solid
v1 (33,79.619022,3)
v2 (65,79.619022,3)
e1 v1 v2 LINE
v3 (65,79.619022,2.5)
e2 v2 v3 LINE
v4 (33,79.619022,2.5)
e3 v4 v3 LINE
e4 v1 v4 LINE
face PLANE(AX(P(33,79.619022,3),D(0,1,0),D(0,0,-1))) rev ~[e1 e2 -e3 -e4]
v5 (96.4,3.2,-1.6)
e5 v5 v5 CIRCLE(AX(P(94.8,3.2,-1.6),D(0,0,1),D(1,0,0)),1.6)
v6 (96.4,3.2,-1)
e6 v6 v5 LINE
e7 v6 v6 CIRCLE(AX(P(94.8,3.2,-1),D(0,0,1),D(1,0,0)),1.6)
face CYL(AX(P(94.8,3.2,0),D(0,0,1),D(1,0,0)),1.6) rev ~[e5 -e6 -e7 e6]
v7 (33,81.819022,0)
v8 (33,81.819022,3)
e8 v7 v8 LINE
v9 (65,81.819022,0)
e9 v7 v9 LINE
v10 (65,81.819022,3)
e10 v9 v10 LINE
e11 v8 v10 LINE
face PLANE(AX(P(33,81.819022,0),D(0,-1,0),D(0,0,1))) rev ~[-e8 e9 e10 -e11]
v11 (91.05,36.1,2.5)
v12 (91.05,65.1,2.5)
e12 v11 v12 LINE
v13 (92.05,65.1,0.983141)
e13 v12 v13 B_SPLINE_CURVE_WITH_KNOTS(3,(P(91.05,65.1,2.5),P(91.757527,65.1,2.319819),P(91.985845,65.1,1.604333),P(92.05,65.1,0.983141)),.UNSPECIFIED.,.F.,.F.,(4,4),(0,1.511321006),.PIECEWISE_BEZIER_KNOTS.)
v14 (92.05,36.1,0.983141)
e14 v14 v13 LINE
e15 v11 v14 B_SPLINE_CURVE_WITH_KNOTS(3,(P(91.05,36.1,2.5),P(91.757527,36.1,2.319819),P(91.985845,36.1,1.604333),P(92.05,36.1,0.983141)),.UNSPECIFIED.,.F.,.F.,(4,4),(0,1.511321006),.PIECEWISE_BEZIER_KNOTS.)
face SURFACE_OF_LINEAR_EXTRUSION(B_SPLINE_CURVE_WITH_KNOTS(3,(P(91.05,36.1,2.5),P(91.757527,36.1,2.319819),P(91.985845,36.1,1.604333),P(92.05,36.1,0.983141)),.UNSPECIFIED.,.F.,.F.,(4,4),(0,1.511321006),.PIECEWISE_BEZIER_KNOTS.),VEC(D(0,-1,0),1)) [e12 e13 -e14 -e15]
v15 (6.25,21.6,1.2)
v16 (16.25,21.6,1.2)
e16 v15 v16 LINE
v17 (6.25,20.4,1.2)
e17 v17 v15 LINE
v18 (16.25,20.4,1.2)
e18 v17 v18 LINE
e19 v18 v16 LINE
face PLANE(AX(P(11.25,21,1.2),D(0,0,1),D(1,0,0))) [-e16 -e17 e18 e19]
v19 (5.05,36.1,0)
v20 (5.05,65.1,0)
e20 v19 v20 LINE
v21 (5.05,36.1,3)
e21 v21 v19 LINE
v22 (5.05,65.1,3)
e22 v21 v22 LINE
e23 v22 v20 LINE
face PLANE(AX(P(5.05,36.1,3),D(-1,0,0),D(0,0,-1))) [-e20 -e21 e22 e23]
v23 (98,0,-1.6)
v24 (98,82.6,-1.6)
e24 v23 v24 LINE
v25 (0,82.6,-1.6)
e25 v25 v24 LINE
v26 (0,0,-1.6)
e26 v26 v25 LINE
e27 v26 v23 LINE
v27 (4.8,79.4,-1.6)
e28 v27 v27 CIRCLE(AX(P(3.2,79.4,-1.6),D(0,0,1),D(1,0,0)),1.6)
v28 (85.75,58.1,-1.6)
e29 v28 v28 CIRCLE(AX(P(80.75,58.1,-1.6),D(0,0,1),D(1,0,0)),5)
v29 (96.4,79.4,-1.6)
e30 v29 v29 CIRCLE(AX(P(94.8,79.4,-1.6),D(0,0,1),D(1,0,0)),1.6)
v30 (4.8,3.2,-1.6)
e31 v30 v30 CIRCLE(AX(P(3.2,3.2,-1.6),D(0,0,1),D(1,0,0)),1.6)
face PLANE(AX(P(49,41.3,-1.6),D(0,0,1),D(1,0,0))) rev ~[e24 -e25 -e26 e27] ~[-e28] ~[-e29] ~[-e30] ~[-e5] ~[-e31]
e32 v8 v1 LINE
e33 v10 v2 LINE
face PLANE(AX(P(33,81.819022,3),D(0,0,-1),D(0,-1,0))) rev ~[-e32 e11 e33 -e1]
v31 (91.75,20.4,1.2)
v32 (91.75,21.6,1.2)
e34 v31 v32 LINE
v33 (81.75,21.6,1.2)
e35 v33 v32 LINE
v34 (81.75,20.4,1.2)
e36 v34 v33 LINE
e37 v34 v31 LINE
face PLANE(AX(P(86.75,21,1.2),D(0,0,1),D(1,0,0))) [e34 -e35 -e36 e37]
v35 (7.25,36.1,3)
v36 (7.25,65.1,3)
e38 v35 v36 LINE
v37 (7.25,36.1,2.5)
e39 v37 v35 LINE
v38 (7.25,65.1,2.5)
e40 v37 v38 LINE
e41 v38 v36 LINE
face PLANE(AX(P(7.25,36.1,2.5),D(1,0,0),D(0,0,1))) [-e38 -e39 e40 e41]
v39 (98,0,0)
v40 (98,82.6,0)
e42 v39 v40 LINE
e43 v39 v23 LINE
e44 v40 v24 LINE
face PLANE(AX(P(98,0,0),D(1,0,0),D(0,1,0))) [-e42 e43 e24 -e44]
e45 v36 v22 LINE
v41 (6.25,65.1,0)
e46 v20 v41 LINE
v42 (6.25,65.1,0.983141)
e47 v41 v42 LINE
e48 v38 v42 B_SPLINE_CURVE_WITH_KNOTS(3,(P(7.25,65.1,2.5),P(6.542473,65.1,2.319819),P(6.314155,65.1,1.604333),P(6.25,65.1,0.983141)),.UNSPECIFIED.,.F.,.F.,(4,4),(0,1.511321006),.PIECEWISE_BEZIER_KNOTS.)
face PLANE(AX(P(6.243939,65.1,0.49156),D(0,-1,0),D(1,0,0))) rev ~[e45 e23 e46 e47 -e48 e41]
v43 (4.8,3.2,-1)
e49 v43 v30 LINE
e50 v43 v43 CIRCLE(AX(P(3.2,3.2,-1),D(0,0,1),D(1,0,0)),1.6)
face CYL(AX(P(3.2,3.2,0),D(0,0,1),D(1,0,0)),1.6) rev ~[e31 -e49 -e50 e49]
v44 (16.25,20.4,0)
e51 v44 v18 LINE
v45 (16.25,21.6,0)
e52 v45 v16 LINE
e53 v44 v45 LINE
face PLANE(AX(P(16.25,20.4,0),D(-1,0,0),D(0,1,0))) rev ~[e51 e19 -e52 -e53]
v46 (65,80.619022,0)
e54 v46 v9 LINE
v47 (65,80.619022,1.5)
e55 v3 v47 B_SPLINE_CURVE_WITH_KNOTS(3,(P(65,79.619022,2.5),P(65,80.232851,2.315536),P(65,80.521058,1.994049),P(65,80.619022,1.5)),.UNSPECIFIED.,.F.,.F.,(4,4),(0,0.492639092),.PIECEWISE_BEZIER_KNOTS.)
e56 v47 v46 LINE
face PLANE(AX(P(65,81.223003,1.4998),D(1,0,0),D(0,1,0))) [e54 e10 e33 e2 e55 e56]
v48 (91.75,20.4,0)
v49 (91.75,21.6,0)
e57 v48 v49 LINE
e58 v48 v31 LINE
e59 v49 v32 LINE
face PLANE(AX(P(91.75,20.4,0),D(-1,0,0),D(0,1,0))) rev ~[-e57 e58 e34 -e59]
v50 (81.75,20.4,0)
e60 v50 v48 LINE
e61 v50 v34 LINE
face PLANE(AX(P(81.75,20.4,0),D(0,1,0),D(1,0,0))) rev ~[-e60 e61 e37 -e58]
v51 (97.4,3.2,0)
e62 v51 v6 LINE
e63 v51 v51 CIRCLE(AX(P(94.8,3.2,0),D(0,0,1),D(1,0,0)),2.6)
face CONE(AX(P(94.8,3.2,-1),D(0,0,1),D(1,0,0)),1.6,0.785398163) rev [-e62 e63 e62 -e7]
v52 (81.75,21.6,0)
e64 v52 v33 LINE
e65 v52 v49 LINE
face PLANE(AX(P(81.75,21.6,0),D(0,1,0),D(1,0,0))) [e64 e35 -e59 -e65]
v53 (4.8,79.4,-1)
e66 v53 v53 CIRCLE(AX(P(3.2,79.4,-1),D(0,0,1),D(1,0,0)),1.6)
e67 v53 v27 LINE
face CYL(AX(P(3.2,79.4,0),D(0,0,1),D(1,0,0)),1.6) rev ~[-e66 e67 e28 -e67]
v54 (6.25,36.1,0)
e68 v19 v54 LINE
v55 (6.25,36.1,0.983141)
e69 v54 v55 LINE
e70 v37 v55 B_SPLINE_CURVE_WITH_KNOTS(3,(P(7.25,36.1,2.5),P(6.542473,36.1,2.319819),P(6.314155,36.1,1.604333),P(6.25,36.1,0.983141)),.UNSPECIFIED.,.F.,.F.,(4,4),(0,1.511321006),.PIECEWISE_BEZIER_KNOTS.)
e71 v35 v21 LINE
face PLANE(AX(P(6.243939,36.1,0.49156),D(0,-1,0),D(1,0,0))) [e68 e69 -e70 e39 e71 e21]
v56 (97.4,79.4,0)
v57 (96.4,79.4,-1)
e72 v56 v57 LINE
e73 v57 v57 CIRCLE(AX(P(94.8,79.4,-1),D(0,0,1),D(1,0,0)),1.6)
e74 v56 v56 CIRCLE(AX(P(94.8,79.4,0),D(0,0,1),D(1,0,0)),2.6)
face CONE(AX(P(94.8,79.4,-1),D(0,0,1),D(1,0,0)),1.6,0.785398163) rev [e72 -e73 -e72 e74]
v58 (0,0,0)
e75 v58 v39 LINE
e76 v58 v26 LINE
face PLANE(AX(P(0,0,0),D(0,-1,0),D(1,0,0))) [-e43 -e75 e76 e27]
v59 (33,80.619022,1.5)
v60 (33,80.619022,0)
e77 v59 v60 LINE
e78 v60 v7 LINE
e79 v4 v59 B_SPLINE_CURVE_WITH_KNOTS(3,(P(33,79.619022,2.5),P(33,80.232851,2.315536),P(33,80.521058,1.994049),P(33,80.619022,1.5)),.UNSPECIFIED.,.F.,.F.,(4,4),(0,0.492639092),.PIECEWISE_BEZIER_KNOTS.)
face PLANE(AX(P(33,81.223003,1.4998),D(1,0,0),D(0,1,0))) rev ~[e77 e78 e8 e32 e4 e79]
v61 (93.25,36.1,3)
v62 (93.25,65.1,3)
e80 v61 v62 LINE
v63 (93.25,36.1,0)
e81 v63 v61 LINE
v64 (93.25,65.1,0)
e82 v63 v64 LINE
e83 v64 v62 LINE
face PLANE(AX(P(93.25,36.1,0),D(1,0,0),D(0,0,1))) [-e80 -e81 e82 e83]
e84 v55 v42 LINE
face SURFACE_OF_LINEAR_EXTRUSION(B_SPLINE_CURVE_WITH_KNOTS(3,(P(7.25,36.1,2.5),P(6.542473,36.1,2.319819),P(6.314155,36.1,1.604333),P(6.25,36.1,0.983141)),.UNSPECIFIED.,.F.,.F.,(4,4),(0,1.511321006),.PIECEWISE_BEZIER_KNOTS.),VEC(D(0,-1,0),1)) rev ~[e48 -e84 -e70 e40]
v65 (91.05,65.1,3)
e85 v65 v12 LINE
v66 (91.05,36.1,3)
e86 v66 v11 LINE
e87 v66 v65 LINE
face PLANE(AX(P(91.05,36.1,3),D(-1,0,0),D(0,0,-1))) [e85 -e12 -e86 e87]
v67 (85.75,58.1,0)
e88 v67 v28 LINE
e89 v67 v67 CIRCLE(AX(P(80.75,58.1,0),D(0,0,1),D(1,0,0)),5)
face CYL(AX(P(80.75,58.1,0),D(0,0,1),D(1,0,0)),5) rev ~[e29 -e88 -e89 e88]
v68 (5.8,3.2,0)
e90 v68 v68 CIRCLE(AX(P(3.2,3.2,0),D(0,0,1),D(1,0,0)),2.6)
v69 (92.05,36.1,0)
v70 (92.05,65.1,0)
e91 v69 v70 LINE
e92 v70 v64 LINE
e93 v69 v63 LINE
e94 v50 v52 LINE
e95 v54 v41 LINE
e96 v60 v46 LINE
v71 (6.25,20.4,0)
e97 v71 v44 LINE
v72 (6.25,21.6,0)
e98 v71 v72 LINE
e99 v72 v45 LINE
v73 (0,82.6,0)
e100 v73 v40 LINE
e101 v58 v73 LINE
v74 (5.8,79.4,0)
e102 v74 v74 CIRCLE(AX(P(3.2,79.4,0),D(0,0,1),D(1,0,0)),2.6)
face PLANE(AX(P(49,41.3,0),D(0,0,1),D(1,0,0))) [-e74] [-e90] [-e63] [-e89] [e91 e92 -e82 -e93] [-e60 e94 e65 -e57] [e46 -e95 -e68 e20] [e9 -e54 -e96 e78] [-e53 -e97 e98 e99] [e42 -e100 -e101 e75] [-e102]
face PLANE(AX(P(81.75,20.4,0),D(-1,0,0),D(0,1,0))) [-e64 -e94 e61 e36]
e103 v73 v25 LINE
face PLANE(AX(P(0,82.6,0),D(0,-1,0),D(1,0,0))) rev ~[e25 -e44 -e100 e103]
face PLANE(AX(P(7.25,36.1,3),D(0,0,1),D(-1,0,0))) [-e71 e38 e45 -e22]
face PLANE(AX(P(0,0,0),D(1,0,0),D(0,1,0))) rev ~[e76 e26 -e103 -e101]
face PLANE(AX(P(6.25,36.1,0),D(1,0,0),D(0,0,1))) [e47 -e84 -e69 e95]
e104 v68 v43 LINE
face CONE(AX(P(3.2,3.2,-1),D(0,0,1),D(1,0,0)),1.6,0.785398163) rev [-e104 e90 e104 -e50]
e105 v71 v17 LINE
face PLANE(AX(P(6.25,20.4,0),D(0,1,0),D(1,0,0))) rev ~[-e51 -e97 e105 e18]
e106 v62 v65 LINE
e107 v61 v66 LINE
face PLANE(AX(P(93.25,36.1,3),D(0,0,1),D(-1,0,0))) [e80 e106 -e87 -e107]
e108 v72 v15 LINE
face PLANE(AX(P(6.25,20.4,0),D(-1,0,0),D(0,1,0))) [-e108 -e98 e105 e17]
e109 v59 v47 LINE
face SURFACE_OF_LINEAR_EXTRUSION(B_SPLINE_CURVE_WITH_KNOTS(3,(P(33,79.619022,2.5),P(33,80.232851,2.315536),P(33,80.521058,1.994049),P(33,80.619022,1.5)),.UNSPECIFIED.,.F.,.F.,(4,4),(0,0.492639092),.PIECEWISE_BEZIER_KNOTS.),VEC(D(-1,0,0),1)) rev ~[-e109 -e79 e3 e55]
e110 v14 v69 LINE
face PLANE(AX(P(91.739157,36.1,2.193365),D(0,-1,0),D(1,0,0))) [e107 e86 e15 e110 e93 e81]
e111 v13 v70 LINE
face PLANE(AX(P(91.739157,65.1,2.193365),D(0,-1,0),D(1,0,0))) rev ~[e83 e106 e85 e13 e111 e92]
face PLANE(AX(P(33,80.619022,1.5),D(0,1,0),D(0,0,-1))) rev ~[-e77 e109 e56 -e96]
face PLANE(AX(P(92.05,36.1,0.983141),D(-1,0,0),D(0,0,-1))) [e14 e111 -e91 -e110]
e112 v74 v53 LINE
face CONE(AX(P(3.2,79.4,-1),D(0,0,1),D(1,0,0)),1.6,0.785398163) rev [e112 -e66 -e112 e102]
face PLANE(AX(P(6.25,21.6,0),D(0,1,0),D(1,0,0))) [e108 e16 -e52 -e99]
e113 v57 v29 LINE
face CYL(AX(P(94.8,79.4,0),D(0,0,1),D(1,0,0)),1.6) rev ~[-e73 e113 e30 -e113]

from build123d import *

# Parameters (mm, degrees)
F0_W     = 98
F0_H     = 82.6
F0_R     = 1.6
F2_DEPTH = 1.6
F1_R     = 5
F3_DEPTH = 1.601
F5_START = -36.1
F5_DEPTH = 29
F7_START = 33
F7_DEPTH = 32
F1_W     = 10
F1_H     = 1.2
F8_DEPTH = 1.2
F9_SIZE  = 1


with BuildPart() as f2:
    # F0 (on Top) → F2 (new body)
    with BuildSketch(Plane.XY):
        with Locations((49, 41.3)):
            Rectangle(F0_W, F0_H)
        with Locations((3.2, 3.2)):
            Circle(F0_R, mode=Mode.SUBTRACT)
        with Locations((94.8, 3.2)):
            Circle(F0_R, mode=Mode.SUBTRACT)
        with Locations((3.2, 79.4)):
            Circle(F0_R, mode=Mode.SUBTRACT)
        with Locations((94.8, 79.4)):
            Circle(F0_R, mode=Mode.SUBTRACT)
    extrude(amount=-F2_DEPTH)

    # F1 (on face) → F3 (cut, through all)
    with BuildSketch(Plane.XY):
        with Locations((80.75, 58.1)):
            Circle(F1_R)
    extrude(amount=-F3_DEPTH, mode=Mode.SUBTRACT)

    # F4 (on Front) → F5 (join)
    with BuildSketch(Plane.XZ.offset(F5_START)):
        with BuildLine():
            add(Edge.make_bspline(
                [(6.25, 0.9831411553), (6.1998556443, 0.4976120788), (6.25, 0.0696883488), (6.25, 0)],
                knots=[1.5113210061, 1.5113210061, 1.5113210061, 1.5113210061, 2.6925824036, 2.6925824036, 2.6925824036, 2.6925824036], degree=3))
            Line((6.25, 0), (6.25, 0.9831411553))
        make_face()
        with BuildLine():
            Line((5.05, 0), (6.25, 0))
            add(Edge.make_bspline(
                [(6.25, 0.9831411553), (6.1998556443, 0.4976120788), (6.25, 0.0696883488), (6.25, 0)],
                knots=[1.5113210061, 1.5113210061, 1.5113210061, 1.5113210061, 2.6925824036, 2.6925824036, 2.6925824036, 2.6925824036], degree=3))
            Line((6.25, 0.9831411553), (6.25, 3))
            Line((6.25, 3), (5.05, 3))
            Line((5.05, 3), (5.05, 0))
        make_face()
        with BuildLine():
            Line((6.25, 3), (6.25, 0.9831411553))
            add(Edge.make_bspline(
                [(7.25, 2.5), (6.5424729796, 2.3198194624), (6.3141553328, 1.6043332928), (6.25, 0.9831411553)],
                knots=[0, 0, 0, 0, 1.5113210061, 1.5113210061, 1.5113210061, 1.5113210061], degree=3))
            Line((7.25, 2.5), (7.25, 3))
            Line((7.25, 3), (6.25, 3))
        make_face()
        with BuildLine():
            Line((92.05, 0.9831411553), (92.05, 3))
            Line((92.05, 3), (91.05, 3))
            Line((91.05, 3), (91.05, 2.5))
            add(Edge.make_bspline(
                [(91.05, 2.5), (91.7575270204, 2.3198194624), (91.9858446672, 1.6043332928), (92.05, 0.9831411553)],
                knots=[0, 0, 0, 0, 1.5113210061, 1.5113210061, 1.5113210061, 1.5113210061], degree=3))
        make_face()
        with BuildLine():
            Line((93.25, 3), (92.05, 3))
            Line((92.05, 3), (92.05, 0.9831411553))
            add(Edge.make_bspline(
                [(92.05, 0.9831411553), (92.1001443557, 0.4976120788), (92.05, 0.0696883488), (92.05, 0)],
                knots=[1.5113210061, 1.5113210061, 1.5113210061, 1.5113210061, 2.6925824036, 2.6925824036, 2.6925824036, 2.6925824036], degree=3))
            Line((92.05, 0), (93.25, 0))
            Line((93.25, 0), (93.25, 3))
        make_face()
        with BuildLine():
            add(Edge.make_bspline(
                [(92.05, 0.9831411553), (92.1001443557, 0.4976120788), (92.05, 0.0696883488), (92.05, 0)],
                knots=[1.5113210061, 1.5113210061, 1.5113210061, 1.5113210061, 2.6925824036, 2.6925824036, 2.6925824036, 2.6925824036], degree=3))
            Line((92.05, 0.9831411553), (92.05, 0))
        make_face()
    extrude(amount=-F5_DEPTH)

    # F6 (on Right) → F7 (join)
    with BuildSketch(Plane.YZ.offset(F7_START)):
        with BuildLine():
            add(Edge.make_bspline(
                [(80.6190222502, 1.5), (80.7199138112, 0.9911874772), (80.6190222502, 0.2993458475), (80.6190222502, 0)],
                knots=[0.4926390921, 0.4926390921, 0.4926390921, 0.4926390921, 1, 1, 1, 1], degree=3))
            Line((80.6190222502, 0), (81.8190222502, 0))
            Line((81.8190222502, 0), (81.8190222502, 3))
            Line((81.8190222502, 3), (80.6190222502, 3))
            Line((80.6190222502, 3), (80.6190222502, 1.5))
        make_face()
        with BuildLine():
            Line((80.6190222502, 1.5), (80.6190222502, 0))
            add(Edge.make_bspline(
                [(80.6190222502, 1.5), (80.7199138112, 0.9911874772), (80.6190222502, 0.2993458475), (80.6190222502, 0)],
                knots=[0.4926390921, 0.4926390921, 0.4926390921, 0.4926390921, 1, 1, 1, 1], degree=3))
        make_face()
        with BuildLine():
            add(Edge.make_bspline(
                [(79.6190222502, 2.5), (80.2328512073, 2.3155356757), (80.5210582047, 1.9940485863), (80.6190222502, 1.5)],
                knots=[0, 0, 0, 0, 0.4926390921, 0.4926390921, 0.4926390921, 0.4926390921], degree=3))
            Line((80.6190222502, 1.5), (80.6190222502, 3))
            Line((80.6190222502, 3), (79.6190222502, 3))
            Line((79.6190222502, 3), (79.6190222502, 2.5))
        make_face()
    extrude(amount=F7_DEPTH)

    # F1 (on face) → F8 (join)
    with BuildSketch(Plane.XY):
        with Locations((11.25, 21)):
            Rectangle(F1_W, F1_H)
        with Locations((86.75, 21)):
            Rectangle(F1_W, F1_H)
    extrude(amount=F8_DEPTH)

    # F9
    f9_edges = [f2.edges().sort_by_distance(p)[0] for p in [
        (1.6, 79.4, 0),
        (1.6, 3.2, 0),
        (93.2, 3.2, 0),
        (93.2, 79.4, 0),
    ]]
    chamfer(f9_edges, length=F9_SIZE)


solid = f2.part
